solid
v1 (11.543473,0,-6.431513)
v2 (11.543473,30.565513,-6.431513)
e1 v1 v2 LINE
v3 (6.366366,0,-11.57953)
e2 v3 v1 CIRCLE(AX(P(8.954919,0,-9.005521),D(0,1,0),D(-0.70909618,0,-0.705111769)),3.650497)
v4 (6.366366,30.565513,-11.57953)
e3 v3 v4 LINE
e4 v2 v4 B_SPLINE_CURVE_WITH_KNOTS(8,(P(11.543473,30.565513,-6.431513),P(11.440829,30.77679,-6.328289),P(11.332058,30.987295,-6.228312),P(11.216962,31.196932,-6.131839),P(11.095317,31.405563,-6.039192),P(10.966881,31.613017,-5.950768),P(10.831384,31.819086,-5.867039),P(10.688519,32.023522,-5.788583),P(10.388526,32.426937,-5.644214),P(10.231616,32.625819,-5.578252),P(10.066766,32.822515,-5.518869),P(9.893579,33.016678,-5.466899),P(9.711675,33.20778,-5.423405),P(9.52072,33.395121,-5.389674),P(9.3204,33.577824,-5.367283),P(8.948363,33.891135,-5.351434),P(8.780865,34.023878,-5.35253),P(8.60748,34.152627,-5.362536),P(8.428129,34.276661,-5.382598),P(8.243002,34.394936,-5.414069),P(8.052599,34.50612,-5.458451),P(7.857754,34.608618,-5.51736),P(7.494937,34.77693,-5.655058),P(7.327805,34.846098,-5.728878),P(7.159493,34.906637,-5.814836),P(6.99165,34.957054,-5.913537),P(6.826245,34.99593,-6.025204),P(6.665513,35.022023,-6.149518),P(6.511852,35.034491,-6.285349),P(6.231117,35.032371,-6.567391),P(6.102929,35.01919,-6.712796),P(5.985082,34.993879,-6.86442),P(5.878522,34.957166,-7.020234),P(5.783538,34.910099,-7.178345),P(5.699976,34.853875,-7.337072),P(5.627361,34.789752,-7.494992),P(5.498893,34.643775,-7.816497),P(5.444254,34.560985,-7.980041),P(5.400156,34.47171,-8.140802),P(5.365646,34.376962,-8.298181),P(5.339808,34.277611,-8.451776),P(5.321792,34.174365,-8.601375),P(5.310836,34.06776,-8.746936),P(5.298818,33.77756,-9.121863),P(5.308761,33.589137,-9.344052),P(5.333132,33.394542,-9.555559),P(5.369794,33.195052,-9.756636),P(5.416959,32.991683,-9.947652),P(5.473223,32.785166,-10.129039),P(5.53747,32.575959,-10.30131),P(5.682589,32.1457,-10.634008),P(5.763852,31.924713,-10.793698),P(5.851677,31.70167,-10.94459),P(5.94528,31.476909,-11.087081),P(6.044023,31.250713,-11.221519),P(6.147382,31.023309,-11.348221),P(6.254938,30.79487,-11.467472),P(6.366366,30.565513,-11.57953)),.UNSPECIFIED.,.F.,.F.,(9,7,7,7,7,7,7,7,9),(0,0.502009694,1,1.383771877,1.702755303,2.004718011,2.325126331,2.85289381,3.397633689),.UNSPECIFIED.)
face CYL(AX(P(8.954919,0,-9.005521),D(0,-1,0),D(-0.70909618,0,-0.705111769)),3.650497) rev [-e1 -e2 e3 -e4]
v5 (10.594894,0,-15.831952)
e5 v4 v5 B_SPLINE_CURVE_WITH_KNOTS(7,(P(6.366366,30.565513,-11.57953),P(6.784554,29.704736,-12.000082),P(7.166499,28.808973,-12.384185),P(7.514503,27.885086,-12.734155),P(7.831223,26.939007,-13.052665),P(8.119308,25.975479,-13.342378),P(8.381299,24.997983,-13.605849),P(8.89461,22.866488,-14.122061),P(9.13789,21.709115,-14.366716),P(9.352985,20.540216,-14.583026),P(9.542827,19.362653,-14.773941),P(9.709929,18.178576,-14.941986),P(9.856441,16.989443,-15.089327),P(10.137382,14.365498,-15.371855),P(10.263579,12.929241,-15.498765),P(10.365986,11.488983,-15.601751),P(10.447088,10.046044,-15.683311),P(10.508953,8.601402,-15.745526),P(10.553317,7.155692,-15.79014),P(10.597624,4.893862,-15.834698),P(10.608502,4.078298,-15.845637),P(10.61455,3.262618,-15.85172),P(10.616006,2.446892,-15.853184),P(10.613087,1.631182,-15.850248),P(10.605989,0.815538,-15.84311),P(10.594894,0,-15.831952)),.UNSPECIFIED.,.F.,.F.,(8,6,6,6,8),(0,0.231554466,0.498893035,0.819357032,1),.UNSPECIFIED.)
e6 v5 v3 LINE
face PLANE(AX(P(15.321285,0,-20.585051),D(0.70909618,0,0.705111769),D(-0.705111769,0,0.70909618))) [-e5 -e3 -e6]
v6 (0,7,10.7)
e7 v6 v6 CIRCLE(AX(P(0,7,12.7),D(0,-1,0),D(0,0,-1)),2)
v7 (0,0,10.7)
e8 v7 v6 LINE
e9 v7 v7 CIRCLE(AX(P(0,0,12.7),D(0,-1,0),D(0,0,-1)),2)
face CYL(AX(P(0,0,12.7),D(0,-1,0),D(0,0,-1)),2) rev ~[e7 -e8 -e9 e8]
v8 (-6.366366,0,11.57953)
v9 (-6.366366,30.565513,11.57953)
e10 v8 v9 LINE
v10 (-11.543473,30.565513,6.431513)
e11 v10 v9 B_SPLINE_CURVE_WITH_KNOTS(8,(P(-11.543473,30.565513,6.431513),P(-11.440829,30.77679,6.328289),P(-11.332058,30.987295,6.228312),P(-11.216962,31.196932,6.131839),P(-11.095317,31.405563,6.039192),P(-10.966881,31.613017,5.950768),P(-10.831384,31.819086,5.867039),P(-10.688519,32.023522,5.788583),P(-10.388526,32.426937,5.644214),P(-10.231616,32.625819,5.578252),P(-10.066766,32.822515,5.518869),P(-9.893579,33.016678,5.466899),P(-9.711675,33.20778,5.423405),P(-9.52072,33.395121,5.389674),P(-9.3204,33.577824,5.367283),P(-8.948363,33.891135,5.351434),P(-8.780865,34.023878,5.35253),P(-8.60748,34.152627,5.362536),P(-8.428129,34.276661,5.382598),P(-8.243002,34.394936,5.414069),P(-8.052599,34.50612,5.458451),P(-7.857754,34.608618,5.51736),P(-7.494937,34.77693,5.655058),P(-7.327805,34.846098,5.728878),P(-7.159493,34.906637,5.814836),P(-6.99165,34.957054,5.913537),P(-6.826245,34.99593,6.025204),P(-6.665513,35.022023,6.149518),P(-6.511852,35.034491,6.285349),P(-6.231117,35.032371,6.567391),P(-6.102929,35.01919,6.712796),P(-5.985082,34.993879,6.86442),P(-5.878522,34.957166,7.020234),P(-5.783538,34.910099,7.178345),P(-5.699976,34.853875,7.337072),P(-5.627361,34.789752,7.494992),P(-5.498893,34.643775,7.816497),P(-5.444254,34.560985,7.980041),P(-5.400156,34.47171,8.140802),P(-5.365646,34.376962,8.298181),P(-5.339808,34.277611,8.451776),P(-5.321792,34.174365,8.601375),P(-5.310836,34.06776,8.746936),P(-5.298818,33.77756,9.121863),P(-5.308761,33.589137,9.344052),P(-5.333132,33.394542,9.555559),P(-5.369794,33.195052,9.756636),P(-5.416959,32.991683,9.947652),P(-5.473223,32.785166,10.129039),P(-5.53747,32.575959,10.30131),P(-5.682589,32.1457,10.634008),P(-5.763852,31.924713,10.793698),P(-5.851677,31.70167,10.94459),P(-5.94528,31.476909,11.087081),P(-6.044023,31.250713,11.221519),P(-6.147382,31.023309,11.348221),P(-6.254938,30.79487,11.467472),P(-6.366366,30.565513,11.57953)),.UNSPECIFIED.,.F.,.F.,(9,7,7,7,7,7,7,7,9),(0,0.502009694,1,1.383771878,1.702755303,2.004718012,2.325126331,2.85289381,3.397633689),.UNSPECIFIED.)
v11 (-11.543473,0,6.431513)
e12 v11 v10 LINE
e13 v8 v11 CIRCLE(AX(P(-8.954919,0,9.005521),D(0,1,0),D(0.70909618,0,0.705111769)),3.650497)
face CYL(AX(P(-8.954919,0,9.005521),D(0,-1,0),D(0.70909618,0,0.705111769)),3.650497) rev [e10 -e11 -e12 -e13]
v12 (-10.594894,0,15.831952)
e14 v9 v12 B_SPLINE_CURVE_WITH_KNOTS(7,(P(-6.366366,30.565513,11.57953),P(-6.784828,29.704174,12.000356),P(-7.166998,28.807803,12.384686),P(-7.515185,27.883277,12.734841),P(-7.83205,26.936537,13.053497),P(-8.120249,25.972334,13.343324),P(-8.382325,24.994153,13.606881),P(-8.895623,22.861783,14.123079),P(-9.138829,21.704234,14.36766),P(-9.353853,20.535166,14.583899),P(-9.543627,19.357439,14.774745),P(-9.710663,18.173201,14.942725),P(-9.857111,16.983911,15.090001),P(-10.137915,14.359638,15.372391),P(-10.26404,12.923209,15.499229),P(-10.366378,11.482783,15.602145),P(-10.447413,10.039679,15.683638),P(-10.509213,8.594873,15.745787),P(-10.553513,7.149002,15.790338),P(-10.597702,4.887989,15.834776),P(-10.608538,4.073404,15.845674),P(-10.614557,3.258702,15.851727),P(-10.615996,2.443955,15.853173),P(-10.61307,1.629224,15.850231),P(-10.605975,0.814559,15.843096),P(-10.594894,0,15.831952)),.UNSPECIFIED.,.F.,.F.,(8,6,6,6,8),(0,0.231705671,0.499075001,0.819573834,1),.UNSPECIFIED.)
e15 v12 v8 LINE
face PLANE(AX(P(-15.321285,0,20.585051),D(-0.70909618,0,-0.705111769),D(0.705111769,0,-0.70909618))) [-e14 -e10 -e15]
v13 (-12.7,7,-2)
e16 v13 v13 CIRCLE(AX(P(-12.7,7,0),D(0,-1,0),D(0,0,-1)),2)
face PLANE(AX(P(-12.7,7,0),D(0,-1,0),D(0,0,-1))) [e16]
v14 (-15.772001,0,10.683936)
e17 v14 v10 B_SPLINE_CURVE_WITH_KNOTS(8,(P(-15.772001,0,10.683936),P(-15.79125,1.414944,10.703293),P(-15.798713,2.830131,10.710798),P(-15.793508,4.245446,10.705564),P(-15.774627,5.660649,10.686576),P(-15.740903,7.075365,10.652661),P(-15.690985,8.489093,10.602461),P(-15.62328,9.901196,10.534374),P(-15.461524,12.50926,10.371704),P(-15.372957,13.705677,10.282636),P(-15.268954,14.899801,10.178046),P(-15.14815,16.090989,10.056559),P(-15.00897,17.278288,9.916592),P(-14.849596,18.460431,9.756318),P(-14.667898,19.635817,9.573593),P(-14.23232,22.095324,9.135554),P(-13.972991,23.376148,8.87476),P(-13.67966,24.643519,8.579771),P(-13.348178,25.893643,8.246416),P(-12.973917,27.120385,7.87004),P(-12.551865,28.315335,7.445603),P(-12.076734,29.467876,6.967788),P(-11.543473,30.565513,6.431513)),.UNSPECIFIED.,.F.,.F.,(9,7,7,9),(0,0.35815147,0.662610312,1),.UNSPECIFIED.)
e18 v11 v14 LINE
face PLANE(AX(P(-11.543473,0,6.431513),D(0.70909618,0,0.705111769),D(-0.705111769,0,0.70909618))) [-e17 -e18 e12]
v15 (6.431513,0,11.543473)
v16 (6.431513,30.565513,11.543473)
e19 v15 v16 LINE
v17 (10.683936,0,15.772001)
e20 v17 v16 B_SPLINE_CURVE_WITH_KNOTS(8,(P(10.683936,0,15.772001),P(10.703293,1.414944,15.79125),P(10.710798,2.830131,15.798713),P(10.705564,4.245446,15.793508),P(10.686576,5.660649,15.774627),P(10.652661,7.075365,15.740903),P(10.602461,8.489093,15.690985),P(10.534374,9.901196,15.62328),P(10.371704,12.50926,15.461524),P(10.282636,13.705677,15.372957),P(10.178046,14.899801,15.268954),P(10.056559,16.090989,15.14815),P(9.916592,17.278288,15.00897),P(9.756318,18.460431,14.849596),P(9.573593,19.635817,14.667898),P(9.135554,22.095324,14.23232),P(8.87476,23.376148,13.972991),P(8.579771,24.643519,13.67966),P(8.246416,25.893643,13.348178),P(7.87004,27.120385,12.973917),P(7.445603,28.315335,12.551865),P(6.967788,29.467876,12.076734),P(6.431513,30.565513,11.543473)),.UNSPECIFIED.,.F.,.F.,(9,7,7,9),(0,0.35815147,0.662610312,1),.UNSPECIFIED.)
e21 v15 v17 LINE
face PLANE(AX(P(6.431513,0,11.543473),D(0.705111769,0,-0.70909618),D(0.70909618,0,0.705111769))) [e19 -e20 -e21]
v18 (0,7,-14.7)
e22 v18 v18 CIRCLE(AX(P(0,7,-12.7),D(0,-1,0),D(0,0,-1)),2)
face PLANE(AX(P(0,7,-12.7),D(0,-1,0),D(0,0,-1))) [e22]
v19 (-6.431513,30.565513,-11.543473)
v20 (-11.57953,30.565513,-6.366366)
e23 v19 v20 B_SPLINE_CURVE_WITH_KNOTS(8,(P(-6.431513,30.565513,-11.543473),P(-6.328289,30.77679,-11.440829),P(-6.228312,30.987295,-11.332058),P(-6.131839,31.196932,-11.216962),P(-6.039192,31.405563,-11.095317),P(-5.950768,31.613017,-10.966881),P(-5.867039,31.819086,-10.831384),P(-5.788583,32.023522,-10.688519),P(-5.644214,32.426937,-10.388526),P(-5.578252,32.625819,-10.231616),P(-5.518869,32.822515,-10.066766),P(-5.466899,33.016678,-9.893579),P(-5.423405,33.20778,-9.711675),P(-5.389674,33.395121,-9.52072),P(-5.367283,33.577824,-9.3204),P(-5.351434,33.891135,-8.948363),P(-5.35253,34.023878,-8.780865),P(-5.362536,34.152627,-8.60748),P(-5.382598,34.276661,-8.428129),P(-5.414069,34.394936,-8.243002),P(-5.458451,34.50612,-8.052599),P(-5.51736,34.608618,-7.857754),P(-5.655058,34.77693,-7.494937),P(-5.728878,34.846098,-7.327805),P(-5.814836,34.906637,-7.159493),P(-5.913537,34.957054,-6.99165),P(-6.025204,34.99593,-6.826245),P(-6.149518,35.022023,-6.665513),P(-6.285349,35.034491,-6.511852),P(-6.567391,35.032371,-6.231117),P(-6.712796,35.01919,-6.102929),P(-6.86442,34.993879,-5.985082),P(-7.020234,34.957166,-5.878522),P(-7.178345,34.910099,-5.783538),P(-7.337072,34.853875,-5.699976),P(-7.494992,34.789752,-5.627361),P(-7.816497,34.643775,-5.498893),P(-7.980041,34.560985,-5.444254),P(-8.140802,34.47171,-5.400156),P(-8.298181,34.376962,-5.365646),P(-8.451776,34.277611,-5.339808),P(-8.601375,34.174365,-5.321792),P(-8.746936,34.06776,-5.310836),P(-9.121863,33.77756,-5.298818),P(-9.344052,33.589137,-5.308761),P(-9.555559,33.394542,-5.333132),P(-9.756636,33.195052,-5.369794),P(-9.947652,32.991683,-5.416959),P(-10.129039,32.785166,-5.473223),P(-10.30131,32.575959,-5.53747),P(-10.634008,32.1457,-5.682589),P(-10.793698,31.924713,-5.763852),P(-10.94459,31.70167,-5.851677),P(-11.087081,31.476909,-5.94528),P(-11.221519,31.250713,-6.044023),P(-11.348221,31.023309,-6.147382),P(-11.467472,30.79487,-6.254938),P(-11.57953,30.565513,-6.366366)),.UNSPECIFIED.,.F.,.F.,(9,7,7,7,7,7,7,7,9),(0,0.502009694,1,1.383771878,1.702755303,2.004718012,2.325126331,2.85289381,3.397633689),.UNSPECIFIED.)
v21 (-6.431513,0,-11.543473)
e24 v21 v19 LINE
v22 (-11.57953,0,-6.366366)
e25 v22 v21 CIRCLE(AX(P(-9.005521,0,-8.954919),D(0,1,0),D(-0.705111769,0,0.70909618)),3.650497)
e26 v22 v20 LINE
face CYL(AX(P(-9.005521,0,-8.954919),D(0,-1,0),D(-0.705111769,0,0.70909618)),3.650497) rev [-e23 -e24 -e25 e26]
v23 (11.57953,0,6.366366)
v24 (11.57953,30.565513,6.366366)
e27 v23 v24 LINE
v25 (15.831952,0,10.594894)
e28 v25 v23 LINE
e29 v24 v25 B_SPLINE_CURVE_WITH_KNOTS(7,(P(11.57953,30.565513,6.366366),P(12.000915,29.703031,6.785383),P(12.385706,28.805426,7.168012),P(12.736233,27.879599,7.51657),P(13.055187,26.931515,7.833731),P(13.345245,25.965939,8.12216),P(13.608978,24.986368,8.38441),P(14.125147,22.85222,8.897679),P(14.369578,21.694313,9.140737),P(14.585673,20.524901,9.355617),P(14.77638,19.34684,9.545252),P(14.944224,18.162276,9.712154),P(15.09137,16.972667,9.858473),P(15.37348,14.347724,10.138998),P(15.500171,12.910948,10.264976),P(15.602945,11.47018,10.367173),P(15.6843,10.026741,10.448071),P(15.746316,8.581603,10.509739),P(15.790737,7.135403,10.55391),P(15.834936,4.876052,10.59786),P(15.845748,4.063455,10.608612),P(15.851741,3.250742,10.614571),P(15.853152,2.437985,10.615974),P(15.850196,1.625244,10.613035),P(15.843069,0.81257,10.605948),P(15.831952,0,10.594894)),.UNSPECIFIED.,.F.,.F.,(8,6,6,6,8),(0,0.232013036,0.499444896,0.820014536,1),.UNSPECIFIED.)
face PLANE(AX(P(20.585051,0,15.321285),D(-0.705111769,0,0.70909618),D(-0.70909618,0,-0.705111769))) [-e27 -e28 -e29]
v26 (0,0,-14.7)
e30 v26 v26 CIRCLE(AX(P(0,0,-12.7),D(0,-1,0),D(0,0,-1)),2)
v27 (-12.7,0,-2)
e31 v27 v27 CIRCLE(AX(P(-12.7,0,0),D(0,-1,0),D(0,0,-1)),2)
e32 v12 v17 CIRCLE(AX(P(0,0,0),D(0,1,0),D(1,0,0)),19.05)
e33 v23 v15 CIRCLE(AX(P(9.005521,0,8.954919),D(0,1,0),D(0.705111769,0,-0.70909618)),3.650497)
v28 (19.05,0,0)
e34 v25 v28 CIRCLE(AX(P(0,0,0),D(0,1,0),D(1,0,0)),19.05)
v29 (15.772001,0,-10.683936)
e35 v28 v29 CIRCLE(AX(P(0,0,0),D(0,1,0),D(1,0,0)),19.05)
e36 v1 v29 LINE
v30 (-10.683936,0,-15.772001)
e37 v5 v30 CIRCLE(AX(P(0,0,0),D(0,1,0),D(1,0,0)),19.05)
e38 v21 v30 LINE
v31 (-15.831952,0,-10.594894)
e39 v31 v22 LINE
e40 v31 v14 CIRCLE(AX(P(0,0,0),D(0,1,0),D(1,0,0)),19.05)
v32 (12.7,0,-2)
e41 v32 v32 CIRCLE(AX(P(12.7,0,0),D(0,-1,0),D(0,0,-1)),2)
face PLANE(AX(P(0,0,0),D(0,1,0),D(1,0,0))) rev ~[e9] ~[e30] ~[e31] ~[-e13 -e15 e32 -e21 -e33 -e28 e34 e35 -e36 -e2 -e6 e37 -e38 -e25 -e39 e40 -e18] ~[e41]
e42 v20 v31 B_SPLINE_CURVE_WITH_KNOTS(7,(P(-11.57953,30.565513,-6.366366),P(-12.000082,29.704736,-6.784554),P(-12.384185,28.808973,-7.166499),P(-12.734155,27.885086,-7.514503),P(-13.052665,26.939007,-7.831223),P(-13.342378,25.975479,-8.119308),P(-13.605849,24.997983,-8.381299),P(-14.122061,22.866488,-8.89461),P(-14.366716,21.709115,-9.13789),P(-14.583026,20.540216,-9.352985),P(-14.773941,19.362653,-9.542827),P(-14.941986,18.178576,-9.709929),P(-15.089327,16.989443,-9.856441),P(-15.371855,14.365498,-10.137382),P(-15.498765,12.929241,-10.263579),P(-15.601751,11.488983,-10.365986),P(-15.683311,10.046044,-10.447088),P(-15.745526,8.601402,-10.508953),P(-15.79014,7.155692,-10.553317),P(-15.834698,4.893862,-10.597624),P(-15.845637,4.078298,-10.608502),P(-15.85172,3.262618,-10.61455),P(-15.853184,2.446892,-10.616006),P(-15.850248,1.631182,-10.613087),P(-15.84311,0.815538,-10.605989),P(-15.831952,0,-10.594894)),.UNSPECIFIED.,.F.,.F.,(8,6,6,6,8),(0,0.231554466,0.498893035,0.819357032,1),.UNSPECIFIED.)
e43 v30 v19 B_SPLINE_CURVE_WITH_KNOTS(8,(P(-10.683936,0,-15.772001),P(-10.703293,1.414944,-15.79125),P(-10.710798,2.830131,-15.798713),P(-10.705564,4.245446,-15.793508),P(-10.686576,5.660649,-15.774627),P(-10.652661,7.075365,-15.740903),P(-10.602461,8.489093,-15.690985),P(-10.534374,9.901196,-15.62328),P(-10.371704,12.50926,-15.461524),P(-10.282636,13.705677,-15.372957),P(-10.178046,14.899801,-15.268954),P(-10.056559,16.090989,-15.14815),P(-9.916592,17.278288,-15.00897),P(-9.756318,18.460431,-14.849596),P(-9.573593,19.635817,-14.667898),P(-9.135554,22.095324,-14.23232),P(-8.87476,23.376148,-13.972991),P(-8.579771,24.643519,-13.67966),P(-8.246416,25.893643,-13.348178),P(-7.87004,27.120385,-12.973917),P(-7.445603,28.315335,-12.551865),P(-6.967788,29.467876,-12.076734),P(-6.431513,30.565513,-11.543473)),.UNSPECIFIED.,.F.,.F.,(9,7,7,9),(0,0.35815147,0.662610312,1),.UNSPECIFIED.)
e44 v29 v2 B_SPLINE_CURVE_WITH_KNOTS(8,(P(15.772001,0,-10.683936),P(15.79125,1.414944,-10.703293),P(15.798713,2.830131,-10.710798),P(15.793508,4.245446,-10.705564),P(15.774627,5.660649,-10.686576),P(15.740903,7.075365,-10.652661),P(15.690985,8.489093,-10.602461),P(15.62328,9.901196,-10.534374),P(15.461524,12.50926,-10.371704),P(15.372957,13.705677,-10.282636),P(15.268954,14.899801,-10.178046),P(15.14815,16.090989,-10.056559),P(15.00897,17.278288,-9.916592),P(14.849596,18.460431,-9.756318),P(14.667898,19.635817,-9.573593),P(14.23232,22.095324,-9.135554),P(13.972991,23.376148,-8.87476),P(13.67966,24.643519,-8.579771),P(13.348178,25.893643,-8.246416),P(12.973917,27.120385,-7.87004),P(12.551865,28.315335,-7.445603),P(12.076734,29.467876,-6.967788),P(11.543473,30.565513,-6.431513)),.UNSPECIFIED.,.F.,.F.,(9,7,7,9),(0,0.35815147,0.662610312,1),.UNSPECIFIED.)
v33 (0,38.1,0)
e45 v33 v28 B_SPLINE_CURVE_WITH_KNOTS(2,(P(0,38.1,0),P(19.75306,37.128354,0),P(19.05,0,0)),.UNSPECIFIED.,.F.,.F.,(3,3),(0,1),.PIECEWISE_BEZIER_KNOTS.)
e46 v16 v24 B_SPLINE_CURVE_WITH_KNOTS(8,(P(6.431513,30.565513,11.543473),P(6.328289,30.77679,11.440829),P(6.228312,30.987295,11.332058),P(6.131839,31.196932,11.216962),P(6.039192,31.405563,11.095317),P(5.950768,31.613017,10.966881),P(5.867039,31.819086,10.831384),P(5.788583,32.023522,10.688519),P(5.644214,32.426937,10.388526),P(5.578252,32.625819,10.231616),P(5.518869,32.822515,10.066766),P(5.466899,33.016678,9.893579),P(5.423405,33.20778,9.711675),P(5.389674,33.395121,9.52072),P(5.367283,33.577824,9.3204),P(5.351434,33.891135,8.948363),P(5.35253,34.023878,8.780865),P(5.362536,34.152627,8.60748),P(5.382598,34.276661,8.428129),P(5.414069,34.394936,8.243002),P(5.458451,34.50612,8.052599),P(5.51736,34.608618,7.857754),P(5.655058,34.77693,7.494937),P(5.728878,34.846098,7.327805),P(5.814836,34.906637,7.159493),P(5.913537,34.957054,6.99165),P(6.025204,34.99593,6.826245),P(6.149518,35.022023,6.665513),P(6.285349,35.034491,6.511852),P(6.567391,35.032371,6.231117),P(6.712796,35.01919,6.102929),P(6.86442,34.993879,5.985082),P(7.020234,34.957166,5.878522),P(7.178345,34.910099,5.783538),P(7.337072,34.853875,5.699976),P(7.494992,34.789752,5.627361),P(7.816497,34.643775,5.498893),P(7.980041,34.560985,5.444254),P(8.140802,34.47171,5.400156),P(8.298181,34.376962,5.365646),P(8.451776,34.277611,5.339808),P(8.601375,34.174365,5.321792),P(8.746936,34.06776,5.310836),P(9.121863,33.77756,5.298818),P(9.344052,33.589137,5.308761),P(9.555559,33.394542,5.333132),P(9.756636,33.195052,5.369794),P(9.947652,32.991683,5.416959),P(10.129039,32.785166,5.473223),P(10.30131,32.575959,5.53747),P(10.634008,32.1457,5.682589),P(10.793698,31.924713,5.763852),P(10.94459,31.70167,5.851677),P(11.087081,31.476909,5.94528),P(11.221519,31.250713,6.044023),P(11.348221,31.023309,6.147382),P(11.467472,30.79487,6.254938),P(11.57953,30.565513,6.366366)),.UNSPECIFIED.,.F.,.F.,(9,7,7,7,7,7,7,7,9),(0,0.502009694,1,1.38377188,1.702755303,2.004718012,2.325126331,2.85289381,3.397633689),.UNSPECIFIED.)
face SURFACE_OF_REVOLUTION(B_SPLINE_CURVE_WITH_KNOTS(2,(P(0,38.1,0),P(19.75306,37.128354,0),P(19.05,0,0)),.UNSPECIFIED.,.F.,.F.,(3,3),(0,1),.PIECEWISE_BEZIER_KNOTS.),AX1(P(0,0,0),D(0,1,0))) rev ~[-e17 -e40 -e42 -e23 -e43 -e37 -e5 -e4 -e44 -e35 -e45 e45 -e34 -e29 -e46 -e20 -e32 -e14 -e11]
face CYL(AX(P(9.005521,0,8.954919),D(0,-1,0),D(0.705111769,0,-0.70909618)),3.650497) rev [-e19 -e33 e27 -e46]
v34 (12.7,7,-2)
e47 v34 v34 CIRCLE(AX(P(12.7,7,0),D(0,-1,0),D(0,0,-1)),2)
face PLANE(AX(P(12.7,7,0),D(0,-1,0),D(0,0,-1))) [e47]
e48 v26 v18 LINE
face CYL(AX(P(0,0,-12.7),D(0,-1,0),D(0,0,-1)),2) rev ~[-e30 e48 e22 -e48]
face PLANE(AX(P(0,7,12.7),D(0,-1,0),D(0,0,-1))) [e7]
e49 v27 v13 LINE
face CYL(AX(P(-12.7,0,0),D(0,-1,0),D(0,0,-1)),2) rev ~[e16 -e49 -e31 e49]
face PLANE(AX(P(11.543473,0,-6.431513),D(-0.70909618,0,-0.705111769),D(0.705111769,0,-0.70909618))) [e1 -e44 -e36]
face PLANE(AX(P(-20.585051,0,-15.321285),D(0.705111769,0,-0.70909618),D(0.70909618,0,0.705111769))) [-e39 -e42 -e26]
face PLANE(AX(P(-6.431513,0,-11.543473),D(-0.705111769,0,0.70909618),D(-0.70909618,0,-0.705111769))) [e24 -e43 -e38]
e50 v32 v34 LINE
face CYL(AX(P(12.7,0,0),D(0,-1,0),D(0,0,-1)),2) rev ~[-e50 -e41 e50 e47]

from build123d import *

# Parameters (mm, degrees)
SKETCH3_R          = 2.000000064
CUT_EXTRUDE1_DEPTH = 6.99999997
CUT_EXTRUDE3_REACH = 48.683


with BuildPart() as part:
    # Sketch1 → Revolve1 (revolve)
    with BuildSketch(Plane.XY):
        with BuildLine():
            Line((0, 0), (0, 38.1))
            add(Edge.make_bspline(
                [(0, 38.1), (19.753060043, 37.128354082), (19.05, 0)],
                knots=[0, 0, 0, 1, 1, 1], degree=2))
            Line((19.05, 0), (0, 0))
        make_face()
    revolve(axis=Axis((0, 0, 0), (0, 1, 0)))

    # Sketch3 → Cut-Extrude1 (cut)
    with BuildSketch(Plane.XZ):
        with Locations(Location((12.7, 0, 0), (0, 0, 270))):
            Circle(SKETCH3_R)
        with Locations(Location((-12.7, 0, 0), (0, 0, 270))):
            Circle(SKETCH3_R)
        with Locations(Location((0, 12.7, 0), (0, 0, 270))):
            Circle(SKETCH3_R)
        with Locations(Location((0, -12.7, 0), (0, 0, 270))):
            Circle(SKETCH3_R)
    extrude(amount=-CUT_EXTRUDE1_DEPTH, mode=Mode.SUBTRACT)

    # Sketch4 → Cut-Extrude3 (cut, up to next)
    with BuildSketch(Plane.XZ, mode=Mode.PRIVATE) as cut_extrude3_sk1:
        with BuildLine():
            Line((20.585051469, 15.321285367), (11.579529978, 6.366365899))
            ThreePointArc((11.579529978, 6.366365899), (6.416967921, 6.38091098), (6.431513003, 11.543473038))
            Line((6.431513003, 11.543473038), (15.437034493, 20.498392506))
            ThreePointArc((15.437034493, 20.498392506), (20.599596551, 20.483847424), (20.585051469, 15.321285367))
        make_face()
    cut_extrude3_tool1 = extrude(cut_extrude3_sk1.sketch, amount=-CUT_EXTRUDE3_REACH, mode=Mode.PRIVATE) & part.part
    # Sketch4 → Cut-Extrude3 (cut, up to next)
    with BuildSketch(Plane.XZ, mode=Mode.PRIVATE) as cut_extrude3_sk2:
        with BuildLine():
            Line((15.321285367, -20.585051469), (6.366365899, -11.579529978))
            ThreePointArc((6.366365899, -11.579529978), (6.38091098, -6.416967921), (11.543473038, -6.431513003))
            Line((11.543473038, -6.431513003), (20.498392506, -15.437034493))
            ThreePointArc((20.498392506, -15.437034493), (20.483847424, -20.599596551), (15.321285367, -20.585051469))
        make_face()
    cut_extrude3_tool2 = extrude(cut_extrude3_sk2.sketch, amount=-CUT_EXTRUDE3_REACH, mode=Mode.PRIVATE) & part.part
    # Sketch4 → Cut-Extrude3 (cut, up to next)
    with BuildSketch(Plane.XZ, mode=Mode.PRIVATE) as cut_extrude3_sk3:
        with BuildLine():
            Line((-20.585051469, -15.321285367), (-11.579529978, -6.366365899))
            ThreePointArc((-11.579529978, -6.366365899), (-6.416967921, -6.38091098), (-6.431513003, -11.543473038))
            Line((-6.431513003, -11.543473038), (-15.437034493, -20.498392506))
            ThreePointArc((-15.437034493, -20.498392506), (-20.599596551, -20.483847424), (-20.585051469, -15.321285367))
        make_face()
    cut_extrude3_tool3 = extrude(cut_extrude3_sk3.sketch, amount=-CUT_EXTRUDE3_REACH, mode=Mode.PRIVATE) & part.part
    # Sketch4 → Cut-Extrude3 (cut, up to next)
    with BuildSketch(Plane.XZ, mode=Mode.PRIVATE) as cut_extrude3_sk4:
        with BuildLine():
            Line((-15.321285367, 20.585051469), (-6.366365899, 11.579529978))
            ThreePointArc((-6.366365899, 11.579529978), (-6.38091098, 6.416967921), (-11.543473038, 6.431513003))
            Line((-11.543473038, 6.431513003), (-20.498392506, 15.437034493))
            ThreePointArc((-20.498392506, 15.437034493), (-20.483847424, 20.599596551), (-15.321285367, 20.585051469))
        make_face()
    cut_extrude3_tool4 = extrude(cut_extrude3_sk4.sketch, amount=-CUT_EXTRUDE3_REACH, mode=Mode.PRIVATE) & part.part
    add(cut_extrude3_tool1.solids().sort_by_distance((13.508282, 0, 13.432379))[0], mode=Mode.SUBTRACT)
    add(cut_extrude3_tool2.solids().sort_by_distance((13.432379, 0, -13.508282))[0], mode=Mode.SUBTRACT)
    add(cut_extrude3_tool3.solids().sort_by_distance((-13.508282, 0, -13.432379))[0], mode=Mode.SUBTRACT)
    add(cut_extrude3_tool4.solids().sort_by_distance((-13.432379, 0, 13.508282))[0], mode=Mode.SUBTRACT)


solid = part.part
